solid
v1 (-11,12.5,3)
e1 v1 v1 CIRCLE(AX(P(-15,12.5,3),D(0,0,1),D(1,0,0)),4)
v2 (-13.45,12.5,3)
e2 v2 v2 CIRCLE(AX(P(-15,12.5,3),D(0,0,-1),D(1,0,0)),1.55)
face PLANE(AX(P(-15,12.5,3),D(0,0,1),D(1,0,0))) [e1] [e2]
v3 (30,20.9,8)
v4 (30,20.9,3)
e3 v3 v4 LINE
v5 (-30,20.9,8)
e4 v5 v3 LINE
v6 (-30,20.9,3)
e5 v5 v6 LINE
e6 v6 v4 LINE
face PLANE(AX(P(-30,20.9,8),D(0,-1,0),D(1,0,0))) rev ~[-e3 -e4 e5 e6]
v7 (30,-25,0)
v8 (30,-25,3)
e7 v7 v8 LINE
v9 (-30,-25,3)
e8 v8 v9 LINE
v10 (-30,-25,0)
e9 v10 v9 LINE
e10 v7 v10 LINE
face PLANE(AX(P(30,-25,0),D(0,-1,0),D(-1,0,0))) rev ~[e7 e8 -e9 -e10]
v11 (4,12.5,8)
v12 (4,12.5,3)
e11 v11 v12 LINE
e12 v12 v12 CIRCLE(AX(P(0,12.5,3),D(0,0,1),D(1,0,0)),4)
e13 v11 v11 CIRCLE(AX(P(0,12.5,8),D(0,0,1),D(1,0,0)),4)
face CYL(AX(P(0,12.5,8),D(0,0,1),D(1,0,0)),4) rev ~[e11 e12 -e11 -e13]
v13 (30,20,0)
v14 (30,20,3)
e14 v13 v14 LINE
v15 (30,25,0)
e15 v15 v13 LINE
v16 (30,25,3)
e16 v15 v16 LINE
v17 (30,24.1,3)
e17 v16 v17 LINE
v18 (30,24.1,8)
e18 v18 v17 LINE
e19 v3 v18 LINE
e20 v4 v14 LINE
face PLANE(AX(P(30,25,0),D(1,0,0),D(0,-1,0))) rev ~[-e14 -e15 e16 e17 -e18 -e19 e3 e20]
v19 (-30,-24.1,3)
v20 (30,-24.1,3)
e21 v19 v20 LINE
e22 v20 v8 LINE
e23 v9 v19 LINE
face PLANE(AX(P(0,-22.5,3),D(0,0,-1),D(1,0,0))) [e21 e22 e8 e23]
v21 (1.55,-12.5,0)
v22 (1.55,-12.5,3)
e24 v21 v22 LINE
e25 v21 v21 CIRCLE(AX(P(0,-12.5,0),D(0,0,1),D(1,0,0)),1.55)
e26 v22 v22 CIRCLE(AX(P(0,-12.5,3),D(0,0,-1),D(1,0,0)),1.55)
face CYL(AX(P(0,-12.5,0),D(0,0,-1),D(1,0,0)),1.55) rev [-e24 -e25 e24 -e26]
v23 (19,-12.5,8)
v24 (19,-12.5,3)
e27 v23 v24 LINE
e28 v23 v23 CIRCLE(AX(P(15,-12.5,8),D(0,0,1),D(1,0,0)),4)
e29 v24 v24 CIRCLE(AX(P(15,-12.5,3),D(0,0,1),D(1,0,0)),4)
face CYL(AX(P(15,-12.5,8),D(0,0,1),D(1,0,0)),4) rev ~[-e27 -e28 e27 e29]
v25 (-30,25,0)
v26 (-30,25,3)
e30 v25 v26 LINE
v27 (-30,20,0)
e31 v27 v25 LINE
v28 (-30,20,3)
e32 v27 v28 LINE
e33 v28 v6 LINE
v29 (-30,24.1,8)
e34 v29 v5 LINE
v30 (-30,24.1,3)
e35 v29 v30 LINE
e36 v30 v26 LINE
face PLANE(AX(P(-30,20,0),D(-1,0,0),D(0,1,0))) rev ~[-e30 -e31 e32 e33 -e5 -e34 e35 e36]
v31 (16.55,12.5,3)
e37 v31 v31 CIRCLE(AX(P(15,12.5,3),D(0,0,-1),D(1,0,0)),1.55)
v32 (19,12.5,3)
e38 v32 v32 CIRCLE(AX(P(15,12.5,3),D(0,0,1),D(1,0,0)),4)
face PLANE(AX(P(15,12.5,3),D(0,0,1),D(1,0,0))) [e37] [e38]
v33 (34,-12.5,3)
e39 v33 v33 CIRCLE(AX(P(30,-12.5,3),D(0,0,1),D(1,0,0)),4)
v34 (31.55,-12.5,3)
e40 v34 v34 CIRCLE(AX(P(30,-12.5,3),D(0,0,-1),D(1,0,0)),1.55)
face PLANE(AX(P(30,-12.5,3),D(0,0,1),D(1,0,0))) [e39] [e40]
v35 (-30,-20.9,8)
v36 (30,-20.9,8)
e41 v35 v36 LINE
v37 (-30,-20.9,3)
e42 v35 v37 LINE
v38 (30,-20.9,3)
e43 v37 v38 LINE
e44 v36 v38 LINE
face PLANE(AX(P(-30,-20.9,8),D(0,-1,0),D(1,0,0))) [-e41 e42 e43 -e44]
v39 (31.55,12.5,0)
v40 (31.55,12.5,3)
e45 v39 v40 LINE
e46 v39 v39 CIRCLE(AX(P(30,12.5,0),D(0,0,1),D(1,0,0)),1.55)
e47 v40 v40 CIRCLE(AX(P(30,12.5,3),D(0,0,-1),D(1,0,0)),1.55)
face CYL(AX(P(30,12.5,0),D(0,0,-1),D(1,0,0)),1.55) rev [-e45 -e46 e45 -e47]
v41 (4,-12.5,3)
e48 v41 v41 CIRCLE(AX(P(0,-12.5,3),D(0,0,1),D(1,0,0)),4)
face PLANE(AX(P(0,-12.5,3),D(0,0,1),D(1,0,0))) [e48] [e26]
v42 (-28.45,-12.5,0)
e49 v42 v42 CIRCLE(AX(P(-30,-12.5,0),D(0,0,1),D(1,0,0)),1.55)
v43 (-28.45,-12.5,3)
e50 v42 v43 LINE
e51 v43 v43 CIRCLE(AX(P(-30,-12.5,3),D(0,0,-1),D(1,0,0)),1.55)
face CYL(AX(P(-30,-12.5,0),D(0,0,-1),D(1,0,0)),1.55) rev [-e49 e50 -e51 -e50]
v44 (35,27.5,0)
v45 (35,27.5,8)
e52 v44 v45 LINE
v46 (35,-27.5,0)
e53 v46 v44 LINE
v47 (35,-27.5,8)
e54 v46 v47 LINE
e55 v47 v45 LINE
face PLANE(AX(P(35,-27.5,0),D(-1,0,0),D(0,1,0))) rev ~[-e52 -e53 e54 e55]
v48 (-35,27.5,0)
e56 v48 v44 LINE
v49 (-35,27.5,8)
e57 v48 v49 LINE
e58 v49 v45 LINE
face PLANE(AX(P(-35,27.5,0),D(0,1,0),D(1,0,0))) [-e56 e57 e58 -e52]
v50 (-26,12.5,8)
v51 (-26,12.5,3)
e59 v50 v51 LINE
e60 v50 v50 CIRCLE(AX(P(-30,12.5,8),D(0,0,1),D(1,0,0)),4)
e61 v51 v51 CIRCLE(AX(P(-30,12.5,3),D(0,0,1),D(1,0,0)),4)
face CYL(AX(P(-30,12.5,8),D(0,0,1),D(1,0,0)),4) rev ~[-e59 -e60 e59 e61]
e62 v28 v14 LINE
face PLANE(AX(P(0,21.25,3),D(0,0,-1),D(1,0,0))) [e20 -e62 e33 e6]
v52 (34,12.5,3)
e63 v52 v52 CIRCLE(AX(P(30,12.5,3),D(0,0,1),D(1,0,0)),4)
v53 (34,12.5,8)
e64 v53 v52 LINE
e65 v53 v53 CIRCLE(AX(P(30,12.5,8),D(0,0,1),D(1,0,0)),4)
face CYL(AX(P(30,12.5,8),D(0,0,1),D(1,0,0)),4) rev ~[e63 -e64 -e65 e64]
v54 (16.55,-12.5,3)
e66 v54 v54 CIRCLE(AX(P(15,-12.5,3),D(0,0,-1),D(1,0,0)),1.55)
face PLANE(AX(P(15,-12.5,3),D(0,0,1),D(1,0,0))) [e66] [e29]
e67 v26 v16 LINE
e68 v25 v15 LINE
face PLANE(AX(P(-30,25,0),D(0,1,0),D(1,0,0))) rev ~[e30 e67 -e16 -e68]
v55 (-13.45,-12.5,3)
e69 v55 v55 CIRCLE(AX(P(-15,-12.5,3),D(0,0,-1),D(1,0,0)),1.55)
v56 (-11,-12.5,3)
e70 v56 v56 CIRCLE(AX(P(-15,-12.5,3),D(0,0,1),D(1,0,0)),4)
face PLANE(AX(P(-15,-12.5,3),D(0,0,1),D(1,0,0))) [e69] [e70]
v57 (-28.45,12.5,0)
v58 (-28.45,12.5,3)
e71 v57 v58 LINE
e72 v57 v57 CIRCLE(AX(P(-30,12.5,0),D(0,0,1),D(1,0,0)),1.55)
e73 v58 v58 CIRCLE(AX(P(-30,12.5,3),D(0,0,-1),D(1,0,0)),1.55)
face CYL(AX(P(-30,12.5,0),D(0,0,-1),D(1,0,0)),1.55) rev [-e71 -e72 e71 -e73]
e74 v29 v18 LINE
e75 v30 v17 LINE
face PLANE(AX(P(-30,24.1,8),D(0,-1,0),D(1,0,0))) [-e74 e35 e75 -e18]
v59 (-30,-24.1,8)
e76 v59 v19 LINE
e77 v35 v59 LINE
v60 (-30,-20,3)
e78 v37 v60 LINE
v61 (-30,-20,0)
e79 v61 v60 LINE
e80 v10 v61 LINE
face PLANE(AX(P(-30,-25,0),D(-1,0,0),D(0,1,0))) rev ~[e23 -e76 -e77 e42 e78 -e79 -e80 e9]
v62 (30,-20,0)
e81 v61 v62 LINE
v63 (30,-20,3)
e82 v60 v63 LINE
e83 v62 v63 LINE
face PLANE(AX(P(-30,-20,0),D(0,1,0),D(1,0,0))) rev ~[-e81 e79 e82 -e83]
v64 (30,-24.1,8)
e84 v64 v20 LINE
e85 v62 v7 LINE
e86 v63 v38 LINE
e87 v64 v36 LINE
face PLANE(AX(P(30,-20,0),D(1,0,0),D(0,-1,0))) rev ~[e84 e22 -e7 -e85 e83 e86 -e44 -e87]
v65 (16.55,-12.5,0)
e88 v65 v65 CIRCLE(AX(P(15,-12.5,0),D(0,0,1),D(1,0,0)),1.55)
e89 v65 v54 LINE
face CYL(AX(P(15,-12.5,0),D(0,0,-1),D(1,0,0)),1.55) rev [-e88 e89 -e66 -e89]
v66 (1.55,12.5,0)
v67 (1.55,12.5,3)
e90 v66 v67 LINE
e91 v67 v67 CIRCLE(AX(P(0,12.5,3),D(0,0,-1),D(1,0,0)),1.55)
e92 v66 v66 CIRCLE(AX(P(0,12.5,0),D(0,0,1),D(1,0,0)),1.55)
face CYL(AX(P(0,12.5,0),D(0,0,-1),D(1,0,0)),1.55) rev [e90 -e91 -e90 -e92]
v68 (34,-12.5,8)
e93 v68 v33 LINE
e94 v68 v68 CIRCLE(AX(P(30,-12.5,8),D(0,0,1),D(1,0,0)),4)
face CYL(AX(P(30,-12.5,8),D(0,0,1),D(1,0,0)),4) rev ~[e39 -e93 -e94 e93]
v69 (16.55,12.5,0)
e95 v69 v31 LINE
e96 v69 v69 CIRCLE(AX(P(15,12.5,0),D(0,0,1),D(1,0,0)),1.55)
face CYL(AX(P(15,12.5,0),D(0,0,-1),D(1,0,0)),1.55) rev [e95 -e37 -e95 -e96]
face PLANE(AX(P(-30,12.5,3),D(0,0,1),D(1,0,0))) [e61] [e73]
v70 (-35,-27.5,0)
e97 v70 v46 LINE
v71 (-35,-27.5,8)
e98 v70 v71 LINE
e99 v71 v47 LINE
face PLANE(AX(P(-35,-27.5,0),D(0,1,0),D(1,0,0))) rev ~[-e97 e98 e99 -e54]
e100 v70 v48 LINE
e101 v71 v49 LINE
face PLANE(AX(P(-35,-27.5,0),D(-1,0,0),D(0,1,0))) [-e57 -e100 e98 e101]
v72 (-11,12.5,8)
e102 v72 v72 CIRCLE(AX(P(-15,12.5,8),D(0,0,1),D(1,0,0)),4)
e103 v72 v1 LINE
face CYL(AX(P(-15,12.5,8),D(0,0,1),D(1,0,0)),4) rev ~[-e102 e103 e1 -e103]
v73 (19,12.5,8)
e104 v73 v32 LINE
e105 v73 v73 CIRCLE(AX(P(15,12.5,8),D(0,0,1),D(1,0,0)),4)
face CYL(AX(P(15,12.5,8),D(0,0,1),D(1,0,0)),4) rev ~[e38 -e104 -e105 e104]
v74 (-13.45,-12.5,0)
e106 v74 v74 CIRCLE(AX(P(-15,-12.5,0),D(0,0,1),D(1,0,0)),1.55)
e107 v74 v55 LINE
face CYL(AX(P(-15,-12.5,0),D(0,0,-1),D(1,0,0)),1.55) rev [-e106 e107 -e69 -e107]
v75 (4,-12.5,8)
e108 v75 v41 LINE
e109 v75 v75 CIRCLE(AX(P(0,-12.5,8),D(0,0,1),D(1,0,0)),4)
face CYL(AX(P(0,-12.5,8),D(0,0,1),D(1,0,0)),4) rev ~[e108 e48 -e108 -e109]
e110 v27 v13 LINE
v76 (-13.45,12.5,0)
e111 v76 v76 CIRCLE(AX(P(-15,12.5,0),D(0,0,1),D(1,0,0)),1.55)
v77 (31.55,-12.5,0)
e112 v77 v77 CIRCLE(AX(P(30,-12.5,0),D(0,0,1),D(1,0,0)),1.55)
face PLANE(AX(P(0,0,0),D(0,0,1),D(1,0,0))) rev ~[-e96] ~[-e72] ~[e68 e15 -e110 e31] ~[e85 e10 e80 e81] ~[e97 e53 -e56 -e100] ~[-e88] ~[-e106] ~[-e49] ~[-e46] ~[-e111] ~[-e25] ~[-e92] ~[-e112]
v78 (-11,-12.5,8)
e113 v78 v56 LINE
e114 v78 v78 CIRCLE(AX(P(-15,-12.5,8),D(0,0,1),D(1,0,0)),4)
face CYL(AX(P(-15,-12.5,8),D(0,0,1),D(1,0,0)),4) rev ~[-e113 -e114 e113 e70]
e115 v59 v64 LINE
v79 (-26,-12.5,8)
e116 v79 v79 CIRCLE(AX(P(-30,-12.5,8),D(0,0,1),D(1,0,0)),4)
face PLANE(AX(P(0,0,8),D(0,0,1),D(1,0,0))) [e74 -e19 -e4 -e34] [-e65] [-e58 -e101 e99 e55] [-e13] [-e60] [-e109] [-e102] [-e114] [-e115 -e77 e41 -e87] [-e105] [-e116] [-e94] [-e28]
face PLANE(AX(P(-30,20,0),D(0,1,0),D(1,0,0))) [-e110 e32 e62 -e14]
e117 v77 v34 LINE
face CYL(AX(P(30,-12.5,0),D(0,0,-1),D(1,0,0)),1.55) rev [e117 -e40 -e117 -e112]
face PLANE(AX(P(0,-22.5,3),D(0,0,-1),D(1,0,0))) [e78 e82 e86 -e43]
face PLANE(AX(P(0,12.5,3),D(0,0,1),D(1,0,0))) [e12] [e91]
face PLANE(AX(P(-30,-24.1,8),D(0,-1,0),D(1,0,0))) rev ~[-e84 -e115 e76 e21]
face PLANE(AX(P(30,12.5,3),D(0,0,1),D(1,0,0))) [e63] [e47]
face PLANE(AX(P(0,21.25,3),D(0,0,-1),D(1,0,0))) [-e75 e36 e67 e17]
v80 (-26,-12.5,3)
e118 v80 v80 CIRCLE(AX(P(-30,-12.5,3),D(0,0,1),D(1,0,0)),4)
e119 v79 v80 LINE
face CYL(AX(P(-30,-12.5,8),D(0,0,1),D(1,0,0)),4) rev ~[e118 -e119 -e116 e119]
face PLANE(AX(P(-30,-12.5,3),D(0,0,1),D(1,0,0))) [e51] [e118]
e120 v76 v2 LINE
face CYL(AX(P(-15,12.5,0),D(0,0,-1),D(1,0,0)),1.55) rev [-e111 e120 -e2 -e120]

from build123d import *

# Parameters (mm, degrees)
F0_W     = 70
F0_H     = 55
F0_R     = 1.55
F1_DEPTH = 8
F2_R     = 4
F3_DEPTH = 5
F4_W     = 60
F4_H     = 1.6
F5_DEPTH = 5
F6_W     = 60
F6_H     = 2.5
F7_DEPTH = 3


with BuildPart() as f1:
    # F0 (on Top) → F1 (new body)
    with BuildSketch(Plane.XY):
        Rectangle(F0_W, F0_H)
        with Locations((-30, -12.5)):
            Circle(F0_R, mode=Mode.SUBTRACT)
        with Locations((-15, -12.5)):
            Circle(F0_R, mode=Mode.SUBTRACT)
        with Locations((0, -12.5)):
            Circle(F0_R, mode=Mode.SUBTRACT)
        with Locations((15, -12.5)):
            Circle(F0_R, mode=Mode.SUBTRACT)
        with Locations((30, -12.5)):
            Circle(F0_R, mode=Mode.SUBTRACT)
        with Locations((-30, 12.5)):
            Circle(F0_R, mode=Mode.SUBTRACT)
        with Locations((-15, 12.5)):
            Circle(F0_R, mode=Mode.SUBTRACT)
        with Locations((0, 12.5)):
            Circle(F0_R, mode=Mode.SUBTRACT)
        with Locations((15, 12.5)):
            Circle(F0_R, mode=Mode.SUBTRACT)
        with Locations((30, 12.5)):
            Circle(F0_R, mode=Mode.SUBTRACT)
    extrude(amount=F1_DEPTH)

    # F2 (on face) → F3 (cut)
    with BuildSketch(Plane.XY.offset(8)):
        with Locations((0, -12.5)):
            Circle(F2_R)
        with Locations((0, 12.5)):
            Circle(F2_R)
        with Locations((15, -12.5)):
            Circle(F2_R)
        with Locations((30, -12.5)):
            Circle(F2_R)
        with Locations((-15, -12.5)):
            Circle(F2_R)
        with Locations((-30, -12.5)):
            Circle(F2_R)
        with Locations((15, 12.5)):
            Circle(F2_R)
        with Locations((30, 12.5)):
            Circle(F2_R)
        with Locations((-15, 12.5)):
            Circle(F2_R)
        with Locations((-30, 12.5)):
            Circle(F2_R)
    extrude(amount=-F3_DEPTH, mode=Mode.SUBTRACT)

    # F4 (on face) → F5 (cut)
    with BuildSketch(Plane.XY.offset(8)):
        with Locations((0, -21.7)):
            Rectangle(F4_W, F4_H)
        with Locations((0, -23.3)):
            Rectangle(F4_W, F4_H)
        with Locations((0, 21.7)):
            Rectangle(F4_W, F4_H)
        with Locations((0, 23.3)):
            Rectangle(F4_W, F4_H)
    extrude(amount=-F5_DEPTH, mode=Mode.SUBTRACT)

    # F6 (on face) → F7 (cut)
    with BuildSketch(Plane(origin=(0, 0, 0), x_dir=(1, 0, 0), z_dir=(0, 0, -1))):
        Polygon((-30, 22.5), (-30, 20), (30, 20), (30, 22.5), (30, 25), (-30, 25), align=None)
        with Locations((0, -21.25)):
            Rectangle(F6_W, F6_H)
        with Locations((0, -23.75)):
            Rectangle(F6_W, F6_H)
    extrude(amount=-F7_DEPTH, mode=Mode.SUBTRACT)


solid = f1.part
